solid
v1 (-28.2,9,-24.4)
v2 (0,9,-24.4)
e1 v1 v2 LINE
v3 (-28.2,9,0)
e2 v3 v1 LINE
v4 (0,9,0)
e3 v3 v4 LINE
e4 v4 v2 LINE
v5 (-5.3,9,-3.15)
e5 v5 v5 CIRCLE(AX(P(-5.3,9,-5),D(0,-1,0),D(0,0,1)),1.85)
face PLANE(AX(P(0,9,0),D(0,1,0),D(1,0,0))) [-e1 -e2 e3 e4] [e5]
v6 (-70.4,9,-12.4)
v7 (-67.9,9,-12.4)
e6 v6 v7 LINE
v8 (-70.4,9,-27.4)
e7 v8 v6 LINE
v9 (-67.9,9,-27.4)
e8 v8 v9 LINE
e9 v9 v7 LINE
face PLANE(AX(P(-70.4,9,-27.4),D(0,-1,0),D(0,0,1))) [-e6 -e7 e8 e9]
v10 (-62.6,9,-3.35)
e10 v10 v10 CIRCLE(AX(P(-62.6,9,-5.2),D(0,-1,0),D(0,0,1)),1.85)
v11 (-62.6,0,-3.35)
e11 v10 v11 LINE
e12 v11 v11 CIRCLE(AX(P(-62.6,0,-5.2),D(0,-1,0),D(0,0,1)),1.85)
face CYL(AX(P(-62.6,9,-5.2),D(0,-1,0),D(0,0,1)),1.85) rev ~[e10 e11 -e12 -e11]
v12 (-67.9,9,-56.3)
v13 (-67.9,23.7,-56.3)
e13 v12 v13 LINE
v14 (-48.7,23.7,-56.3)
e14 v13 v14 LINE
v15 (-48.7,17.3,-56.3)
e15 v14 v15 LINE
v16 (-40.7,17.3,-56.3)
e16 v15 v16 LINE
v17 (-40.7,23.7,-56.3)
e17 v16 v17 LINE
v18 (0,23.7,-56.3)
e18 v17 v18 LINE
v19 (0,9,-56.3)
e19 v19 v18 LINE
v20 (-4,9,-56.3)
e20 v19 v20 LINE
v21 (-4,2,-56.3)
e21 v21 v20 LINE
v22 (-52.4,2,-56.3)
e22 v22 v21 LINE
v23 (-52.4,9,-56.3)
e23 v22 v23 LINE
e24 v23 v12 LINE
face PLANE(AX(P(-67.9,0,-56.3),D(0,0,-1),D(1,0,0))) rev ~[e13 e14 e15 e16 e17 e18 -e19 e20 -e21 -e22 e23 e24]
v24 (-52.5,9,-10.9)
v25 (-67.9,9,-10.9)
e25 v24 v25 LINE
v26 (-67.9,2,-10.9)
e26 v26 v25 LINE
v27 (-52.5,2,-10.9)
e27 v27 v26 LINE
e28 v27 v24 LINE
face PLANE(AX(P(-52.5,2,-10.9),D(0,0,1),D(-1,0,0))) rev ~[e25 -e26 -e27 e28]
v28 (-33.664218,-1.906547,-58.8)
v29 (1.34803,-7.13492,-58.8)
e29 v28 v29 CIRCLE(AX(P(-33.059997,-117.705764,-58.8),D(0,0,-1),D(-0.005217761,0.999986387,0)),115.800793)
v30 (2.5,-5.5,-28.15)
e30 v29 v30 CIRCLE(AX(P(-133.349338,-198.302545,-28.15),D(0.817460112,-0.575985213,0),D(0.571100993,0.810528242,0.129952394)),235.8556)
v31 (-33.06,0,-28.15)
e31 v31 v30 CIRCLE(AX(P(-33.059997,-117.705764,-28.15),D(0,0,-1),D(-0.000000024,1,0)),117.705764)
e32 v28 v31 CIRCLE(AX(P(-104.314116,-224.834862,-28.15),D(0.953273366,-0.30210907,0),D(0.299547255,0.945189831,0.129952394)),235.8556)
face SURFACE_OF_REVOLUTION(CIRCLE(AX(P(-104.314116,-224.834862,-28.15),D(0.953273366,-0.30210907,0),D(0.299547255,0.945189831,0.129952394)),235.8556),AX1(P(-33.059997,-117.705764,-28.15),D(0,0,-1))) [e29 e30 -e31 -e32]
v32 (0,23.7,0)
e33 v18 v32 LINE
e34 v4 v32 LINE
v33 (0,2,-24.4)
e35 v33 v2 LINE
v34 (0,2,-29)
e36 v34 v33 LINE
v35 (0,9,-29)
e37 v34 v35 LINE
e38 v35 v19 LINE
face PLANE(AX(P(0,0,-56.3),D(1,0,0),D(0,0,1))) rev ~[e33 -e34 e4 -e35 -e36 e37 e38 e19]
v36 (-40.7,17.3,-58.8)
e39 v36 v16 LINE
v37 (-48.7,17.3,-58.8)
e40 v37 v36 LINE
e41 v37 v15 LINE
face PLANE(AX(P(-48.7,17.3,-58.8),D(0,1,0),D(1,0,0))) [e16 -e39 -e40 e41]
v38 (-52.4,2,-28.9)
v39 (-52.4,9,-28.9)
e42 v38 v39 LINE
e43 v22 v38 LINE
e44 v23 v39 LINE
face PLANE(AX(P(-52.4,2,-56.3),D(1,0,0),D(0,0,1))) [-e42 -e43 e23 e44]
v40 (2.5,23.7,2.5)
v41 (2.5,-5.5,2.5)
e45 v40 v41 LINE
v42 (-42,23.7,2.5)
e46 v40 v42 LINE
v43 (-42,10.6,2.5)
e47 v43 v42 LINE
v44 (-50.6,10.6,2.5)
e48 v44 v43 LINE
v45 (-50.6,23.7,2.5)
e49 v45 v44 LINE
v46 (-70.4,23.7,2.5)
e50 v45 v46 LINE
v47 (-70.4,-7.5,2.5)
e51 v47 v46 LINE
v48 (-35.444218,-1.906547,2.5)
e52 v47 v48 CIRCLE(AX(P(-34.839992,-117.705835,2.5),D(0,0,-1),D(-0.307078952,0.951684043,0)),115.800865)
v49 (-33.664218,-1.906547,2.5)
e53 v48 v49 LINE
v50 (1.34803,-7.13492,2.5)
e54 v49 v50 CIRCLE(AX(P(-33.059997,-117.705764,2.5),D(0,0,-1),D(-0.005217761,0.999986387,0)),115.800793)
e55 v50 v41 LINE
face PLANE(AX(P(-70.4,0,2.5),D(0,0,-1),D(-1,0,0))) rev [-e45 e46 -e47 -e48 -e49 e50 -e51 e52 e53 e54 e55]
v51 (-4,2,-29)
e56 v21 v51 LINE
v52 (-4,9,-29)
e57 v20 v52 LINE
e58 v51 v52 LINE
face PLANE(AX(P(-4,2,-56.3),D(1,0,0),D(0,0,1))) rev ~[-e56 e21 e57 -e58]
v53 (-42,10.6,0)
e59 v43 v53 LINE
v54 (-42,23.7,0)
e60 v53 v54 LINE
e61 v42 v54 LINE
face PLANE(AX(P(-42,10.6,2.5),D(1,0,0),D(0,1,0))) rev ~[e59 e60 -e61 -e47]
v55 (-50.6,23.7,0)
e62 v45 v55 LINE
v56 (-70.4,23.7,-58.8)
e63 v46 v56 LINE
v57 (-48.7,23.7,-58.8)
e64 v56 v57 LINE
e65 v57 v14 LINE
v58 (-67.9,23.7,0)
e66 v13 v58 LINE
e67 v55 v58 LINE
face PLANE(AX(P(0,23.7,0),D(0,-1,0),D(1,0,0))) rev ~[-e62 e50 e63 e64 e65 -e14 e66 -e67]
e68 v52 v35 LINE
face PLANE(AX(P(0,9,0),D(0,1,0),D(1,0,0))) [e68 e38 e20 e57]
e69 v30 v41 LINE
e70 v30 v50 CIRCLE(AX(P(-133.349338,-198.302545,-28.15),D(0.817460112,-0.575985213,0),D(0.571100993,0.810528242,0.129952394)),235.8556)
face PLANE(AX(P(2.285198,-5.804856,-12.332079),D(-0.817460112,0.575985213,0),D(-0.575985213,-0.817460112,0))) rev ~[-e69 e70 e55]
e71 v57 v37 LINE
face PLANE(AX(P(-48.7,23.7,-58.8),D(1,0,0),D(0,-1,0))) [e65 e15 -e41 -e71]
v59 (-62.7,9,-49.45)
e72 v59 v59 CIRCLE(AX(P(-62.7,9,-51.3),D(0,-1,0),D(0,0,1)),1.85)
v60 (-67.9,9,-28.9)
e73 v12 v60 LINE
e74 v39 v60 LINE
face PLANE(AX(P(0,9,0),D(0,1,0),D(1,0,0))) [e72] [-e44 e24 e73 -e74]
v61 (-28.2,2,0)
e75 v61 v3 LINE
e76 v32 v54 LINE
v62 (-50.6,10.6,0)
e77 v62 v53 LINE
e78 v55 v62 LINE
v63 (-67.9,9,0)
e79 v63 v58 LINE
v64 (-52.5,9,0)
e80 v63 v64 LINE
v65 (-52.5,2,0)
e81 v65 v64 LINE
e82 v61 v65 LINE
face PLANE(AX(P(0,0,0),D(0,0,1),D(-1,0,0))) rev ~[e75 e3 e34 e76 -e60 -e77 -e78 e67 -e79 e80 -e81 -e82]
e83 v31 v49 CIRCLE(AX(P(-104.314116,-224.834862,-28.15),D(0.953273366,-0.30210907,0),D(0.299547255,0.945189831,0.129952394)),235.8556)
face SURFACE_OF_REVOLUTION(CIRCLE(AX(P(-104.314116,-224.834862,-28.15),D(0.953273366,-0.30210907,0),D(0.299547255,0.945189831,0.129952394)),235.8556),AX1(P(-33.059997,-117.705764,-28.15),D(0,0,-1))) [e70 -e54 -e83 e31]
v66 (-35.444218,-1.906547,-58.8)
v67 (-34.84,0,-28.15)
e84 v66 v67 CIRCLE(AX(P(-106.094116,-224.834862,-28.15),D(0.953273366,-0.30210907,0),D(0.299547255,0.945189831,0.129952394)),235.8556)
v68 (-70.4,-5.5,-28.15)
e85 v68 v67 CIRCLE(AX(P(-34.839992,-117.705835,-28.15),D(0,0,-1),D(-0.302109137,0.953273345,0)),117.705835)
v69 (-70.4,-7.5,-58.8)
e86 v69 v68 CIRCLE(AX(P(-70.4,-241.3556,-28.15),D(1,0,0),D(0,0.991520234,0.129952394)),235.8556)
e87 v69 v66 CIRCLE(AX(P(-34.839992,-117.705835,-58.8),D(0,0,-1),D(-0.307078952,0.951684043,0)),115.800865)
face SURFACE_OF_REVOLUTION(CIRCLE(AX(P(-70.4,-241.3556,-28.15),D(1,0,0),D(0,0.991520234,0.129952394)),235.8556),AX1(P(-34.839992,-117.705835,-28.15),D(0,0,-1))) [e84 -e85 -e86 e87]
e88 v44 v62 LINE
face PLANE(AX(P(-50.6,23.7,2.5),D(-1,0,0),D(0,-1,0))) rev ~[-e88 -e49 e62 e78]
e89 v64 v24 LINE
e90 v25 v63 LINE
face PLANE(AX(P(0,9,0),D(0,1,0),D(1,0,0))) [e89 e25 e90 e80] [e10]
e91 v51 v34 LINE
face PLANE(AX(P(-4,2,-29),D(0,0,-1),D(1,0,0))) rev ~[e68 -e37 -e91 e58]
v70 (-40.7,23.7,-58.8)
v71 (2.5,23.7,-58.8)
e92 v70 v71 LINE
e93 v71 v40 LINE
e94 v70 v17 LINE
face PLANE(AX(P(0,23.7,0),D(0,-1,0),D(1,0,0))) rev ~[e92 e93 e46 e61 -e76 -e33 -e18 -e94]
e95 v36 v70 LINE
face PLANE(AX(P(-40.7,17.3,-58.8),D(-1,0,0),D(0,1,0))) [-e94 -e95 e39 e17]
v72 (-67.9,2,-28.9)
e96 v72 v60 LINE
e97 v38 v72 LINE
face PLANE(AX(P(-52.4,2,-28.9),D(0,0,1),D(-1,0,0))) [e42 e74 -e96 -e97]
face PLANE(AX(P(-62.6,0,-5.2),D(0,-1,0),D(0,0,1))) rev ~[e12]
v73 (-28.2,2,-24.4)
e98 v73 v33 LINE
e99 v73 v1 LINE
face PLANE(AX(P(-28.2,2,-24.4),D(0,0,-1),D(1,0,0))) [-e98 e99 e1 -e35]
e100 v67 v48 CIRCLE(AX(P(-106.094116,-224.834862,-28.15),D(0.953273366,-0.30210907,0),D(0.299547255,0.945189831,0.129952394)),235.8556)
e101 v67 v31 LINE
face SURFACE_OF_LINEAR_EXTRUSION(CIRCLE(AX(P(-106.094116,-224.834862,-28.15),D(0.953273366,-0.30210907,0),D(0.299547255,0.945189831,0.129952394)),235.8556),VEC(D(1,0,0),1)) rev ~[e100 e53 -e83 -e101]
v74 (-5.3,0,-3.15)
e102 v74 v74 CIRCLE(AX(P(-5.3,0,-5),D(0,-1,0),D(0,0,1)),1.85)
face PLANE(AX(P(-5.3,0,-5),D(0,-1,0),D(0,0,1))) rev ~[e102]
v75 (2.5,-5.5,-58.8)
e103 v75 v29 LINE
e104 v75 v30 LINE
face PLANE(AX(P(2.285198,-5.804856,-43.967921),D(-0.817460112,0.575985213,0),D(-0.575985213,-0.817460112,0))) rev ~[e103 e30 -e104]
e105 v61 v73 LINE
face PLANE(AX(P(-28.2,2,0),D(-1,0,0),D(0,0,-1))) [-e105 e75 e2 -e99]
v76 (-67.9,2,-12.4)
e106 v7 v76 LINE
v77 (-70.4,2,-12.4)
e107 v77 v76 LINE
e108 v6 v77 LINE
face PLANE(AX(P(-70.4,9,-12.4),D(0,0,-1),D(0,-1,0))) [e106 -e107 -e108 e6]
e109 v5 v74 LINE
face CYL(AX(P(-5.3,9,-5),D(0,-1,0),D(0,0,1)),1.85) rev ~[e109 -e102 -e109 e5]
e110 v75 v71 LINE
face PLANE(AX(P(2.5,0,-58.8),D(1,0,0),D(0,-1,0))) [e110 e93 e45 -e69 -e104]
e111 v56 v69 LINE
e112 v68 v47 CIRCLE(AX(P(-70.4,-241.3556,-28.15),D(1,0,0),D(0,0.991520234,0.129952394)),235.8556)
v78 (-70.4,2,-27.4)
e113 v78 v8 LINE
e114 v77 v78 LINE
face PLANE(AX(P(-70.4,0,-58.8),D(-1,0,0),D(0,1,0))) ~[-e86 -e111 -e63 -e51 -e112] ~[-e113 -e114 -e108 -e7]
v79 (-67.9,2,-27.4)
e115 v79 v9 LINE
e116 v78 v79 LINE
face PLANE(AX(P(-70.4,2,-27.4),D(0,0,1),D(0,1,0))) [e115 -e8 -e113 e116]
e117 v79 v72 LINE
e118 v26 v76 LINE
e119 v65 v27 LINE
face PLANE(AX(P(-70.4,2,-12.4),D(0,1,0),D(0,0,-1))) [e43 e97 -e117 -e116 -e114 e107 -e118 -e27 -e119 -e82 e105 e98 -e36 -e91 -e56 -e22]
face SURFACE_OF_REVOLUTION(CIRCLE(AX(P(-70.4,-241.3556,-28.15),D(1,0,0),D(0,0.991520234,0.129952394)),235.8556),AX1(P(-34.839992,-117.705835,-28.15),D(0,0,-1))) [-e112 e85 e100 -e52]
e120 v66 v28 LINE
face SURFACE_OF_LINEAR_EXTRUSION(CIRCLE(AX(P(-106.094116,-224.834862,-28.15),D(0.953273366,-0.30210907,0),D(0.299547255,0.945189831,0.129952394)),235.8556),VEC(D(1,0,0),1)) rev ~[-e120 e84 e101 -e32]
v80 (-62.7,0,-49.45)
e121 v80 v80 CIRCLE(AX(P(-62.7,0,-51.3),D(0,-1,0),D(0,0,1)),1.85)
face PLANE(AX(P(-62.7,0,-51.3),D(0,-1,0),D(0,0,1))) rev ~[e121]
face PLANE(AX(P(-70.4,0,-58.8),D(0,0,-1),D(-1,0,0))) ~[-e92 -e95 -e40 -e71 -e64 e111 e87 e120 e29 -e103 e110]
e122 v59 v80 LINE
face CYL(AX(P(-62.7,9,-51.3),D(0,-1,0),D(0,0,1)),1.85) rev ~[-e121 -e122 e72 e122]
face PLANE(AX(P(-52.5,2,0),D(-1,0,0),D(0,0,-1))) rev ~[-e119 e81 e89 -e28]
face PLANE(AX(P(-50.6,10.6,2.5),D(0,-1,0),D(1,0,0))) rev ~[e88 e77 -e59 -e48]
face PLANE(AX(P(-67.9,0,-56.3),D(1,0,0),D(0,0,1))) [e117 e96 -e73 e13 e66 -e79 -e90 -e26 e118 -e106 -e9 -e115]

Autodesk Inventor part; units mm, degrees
ref_plane "YZ Plane" through (0, 0, 0) normal (1, 0, 0) x (0, 1, 0)
ref_plane "XZ Plane" through (0, 0, 0) normal (0, 1, 0) x (-1, 0, 0)
sketch "Sketch1" plane through (0, 0, 0) normal (0, 1, 0) x (-1, 0, 0)
  line L0 (0, 0) -> (67.9, 0)
  line L1 (67.9, 0) -> (67.9, -56.3)
  line L2 (67.9, -56.3) -> (0, -56.3)
  line L3 (0, -56.3) -> (0, 0)
  dimension "d4" = 67.9
  dimension "d5" = 56.3
extrude "Extrusion1" add sketch "Sketch1" along normal blind 2
sketch "Sketch4" plane through (0, 0, 0) normal (0, -1, 0) x (1, 0, 0)
  line L0 (2.5, 2.5) -> (-70.4, 2.5)
  line L1 (-70.4, 2.5) -> (-70.4, -58.8)
  line L2 (-70.4, -58.8) -> (2.5, -58.8)
  line L3 (2.5, -58.8) -> (2.5, 2.5)
  line L4 (0, -56.3) -> (0, 0) projected
  line L5 (0, 0) -> (-67.9, 0) projected
  line L6 (-67.9, -56.3) -> (0, -56.3) projected
  line L7 (-67.9, -56.3) -> (-67.9, 0) projected
  line L8 (0, 0) -> (-67.9, 0)
  line L9 (-67.9, 0) -> (-67.9, -56.3)
  line L10 (-67.9, -56.3) -> (0, -56.3)
  line L11 (0, -56.3) -> (0, 0)
  point P0 (-67.7799, -40.4535)
  point P1 (-67.7799, -17.6706)
  dimension "d35" = 2.5
  dimension "d36" = 2.5
  dimension "d37" = 2.5
  dimension "d38" = 2.5
extrude "Extrusion3" add sketch "Sketch4" against normal blind 23.7
sketch "Sketch5" plane through (2.5, 0, -58.8) normal (0, 0, -1) x (-1, 0, 0)
  line L0 (0, 0) -> (0, -5.5)
  line L1 (0, 0) -> (35.56, 0)
  line L2 (0, 0) -> (72.9, 0) projected
  arc A0 (35.56, 0) -> (0, -5.5) centre (35.56, -117.7058) ccw
  line L3 (72.9, 0) -> (0, 0) projected
  point P0 (2.5, 0)
  dimension "d41" = 5.5
  dimension "d42" = 35.56
extrude "Extrusion4" add sketch "Sketch5" against normal up to surface (61.3 mm away)
ref_plane "Work Plane1" through (-33.95, 23.7, 2.5) normal (1, 0, 0) x (0, 0, -1)
mirror "Mirror1" about plane through (-33.95, 23.7, 2.5) normal (1, 0, 0) of "Extrusion4"
sketch "Sketch11" plane through (0, 2, 0) normal (0, 1, 0) x (1, 0, 0)
  line L0 (-67.9, 0) -> (0, 0) projected
  line L1 (0, 0) -> (0, 56.3) projected
  line L2 (0, 56.3) -> (-67.9, 56.3) projected
  line L3 (-67.9, 56.3) -> (-67.9, 0) projected
  line L4 (-67.9, 0) -> (-52.5, 0)
  line L5 (-52.5, 0) -> (-52.5, 10.9)
  line L6 (-52.5, 10.9) -> (-67.9, 10.9)
  line L7 (-67.9, 10.9) -> (-67.9, 0)
  line L8 (-67.9, 56.3) -> (-52.4, 56.3)
  line L9 (-52.4, 56.3) -> (-52.4, 28.9)
  line L10 (-52.4, 28.9) -> (-67.9, 28.9)
  line L11 (-67.9, 28.9) -> (-67.9, 56.3)
  line L12 (0, 0) -> (-28.2, 0)
  line L13 (-28.2, 0) -> (-28.2, 24.4)
  line L14 (-28.2, 24.4) -> (0, 24.4)
  line L15 (0, 24.4) -> (0, 0)
  line L16 (0, 0) -> (0, 56.3) projected
  line L17 (0, 56.3) -> (-4, 56.3)
  line L18 (-4, 56.3) -> (-4, 29)
  line L19 (-4, 29) -> (0, 29)
  line L20 (0, 29) -> (0, 56.3)
  dimension "d89" = 15.4
  dimension "d90" = 10.9
  dimension "d91" = 15.5
  dimension "d92" = 27.4
  dimension "d93" = 28.2
  dimension "d94" = 24.4
  dimension "d95" = 4
  dimension "d96" = 27.3
extrude "Extrusion7" add sketch "Sketch11" along normal blind 7 contours L3 L6 L5 L0 | L13 L14 L1 L0 | L3 L2 L9 L10 | L19 L18 L2 L1
sketch "Sketch12" plane through (0, 9, 0) normal (0, 1, 0) x (1, 0, 0)
  line L0 (0, 0) -> (-67.9, 0) projected
  line L1 (-67.9, 0) -> (-67.9, 56.3) projected
  line L2 (-67.9, 56.3) -> (0, 56.3) projected
  line L3 (0, 56.3) -> (0, 0) projected
  point P0 (-62.6, 5.2)
  point P1 (-5.3, 5)
  point P2 (-62.7, 51.3)
  dimension "d99" = 5.2
  dimension "d100" = 5.3
  dimension "d101" = 5.2
  dimension "d102" = 5
  dimension "d103" = 5
  dimension "d104" = 5.3
hole "Hole6" at (-62.6, 9, -5.2) at (-5.3, 9, -5) at (-62.7, 9, -51.3) direction (0, -1, 0) diameter 3.7 depth 9
sketch "Sketch13" plane through (-70.4, 0, 2.5) normal (0, 0, 1) x (1, 0, 0)
  line L0 (17.9, 9) -> (2.5, 9) projected
  line L1 (70.4, 9) -> (42.2, 9) projected
  line L2 (19.8, 10.6) -> (28.4, 10.6)
  line L3 (28.4, 10.6) -> (28.4, 23.7)
  line L4 (28.4, 23.7) -> (19.8, 23.7)
  line L5 (19.8, 23.7) -> (19.8, 10.6)
  line L6 (0, 23.7) -> (72.9, 23.7) projected
  point P0 (70.4, 0)
  point P1 (2.5, 23.7)
  dimension "d112" = 1.6
  dimension "d113" = 17.3
  dimension "d114" = 8.6
extrude "Extrusion8" cut sketch "Sketch13" against normal up to surface (2.5 mm away)
sketch "Sketch14" plane through (-70.4, 0, -58.8) normal (-1, 0, 0) x (0, 0, 1)
  line L0 (5.65, 9) -> (9.35, 9) projected
  line L1 (29.9, 9) -> (2.5, 9) projected
  line L2 (29.9, 9) -> (2.5, 9) projected
  line L3 (58.8, 9) -> (47.9, 9) projected
  line L4 (51.75, 9) -> (55.45, 9) projected
  line L5 (58.8, 9) -> (47.9, 9) projected
  line L6 (58.8, 9) -> (47.9, 9) projected
  line L7 (31.4, 9) -> (46.4, 9)
  line L8 (46.4, 9) -> (46.4, 2)
  line L9 (46.4, 2) -> (31.4, 2)
  line L10 (31.4, 2) -> (31.4, 9)
  point P0 (58.8, 0)
  dimension "d118" = 12.4
  dimension "d119" = 15
  dimension "d120" = 7
extrude "Extrusion9" cut sketch "Sketch14" against normal up to surface (2.5 mm away)
sketch "Sketch15" plane through (2.5, 0, -58.8) normal (0, 0, -1) x (-1, 0, 0)
  line L0 (63.35, 9) -> (67.05, 9) projected
  line L1 (70.4, 9) -> (54.9, 9) projected
  line L2 (70.4, 9) -> (54.9, 9) projected
  line L3 (6.5, 9) -> (2.5, 9) projected
  line L4 (6.5, 9) -> (2.5, 9) projected
  line L5 (51.2, 23.7) -> (51.2, 17.3)
  line L6 (51.2, 17.3) -> (43.2, 17.3)
  line L7 (43.2, 17.3) -> (43.2, 23.7)
  line L8 (37.34, 0) -> (35.56, 0) projected
  line L9 (72.9, 23.7) -> (72.9, -5.5) projected
  line L10 (0, 23.7) -> (72.9, 23.7) projected
  line L11 (0, 23.7) -> (0, -5.5) projected
  arc A0 (35.56, 0) -> (0, -5.5) centre (35.56, -117.7058) ccw projected
  arc A1 (72.9, -5.5) -> (37.34, 0) centre (37.34, -117.7058) ccw projected
  line L12 (54.9, 2) -> (70.4, 2) projected
  line L13 (70.4, 2) -> (55, 2) projected
  line L14 (55, 2) -> (30.7, 2) projected
  line L15 (30.7, 2) -> (2.5, 2) projected
  line L16 (2.5, 2) -> (6.5, 2) projected
  line L17 (6.5, 2) -> (54.9, 2) projected
  line L18 (72.9, 2) -> (70.4, 2) projected
  line L19 (72.9, 2) -> (70.4, 2) projected
  point P0 (2.5, 0)
  dimension "d124" = 40.7
  dimension "d126" = 8.3
  dimension "d127" = 8
extrude "Extrusion10" cut sketch "Sketch15" against normal up to surface (2.5 mm away) contours L5 L6 L7 L10
sketch "Sketch16" plane through (-70.4, 23.7, -58.8) normal (-1, 0, 0) x (0, 0, 1)
  line L0 (0, -23.7) -> (61.3, -23.7) projected
  line L1 (0, -29.2) -> (0, -23.7) projected
  line L2 (61.3, 0) -> (61.3, -29.2) projected
  line L3 (0, -29.2) -> (61.3, -29.2) projected
  arc A0 (61.3, -31.2) -> (0, -31.2) centre (30.65, -265.0556) ccw
  line L4 (0, -29.2) -> (61.3, -29.2) projected
  line L5 (0, -31.2) -> (0, -29.2)
  line L6 (61.3, -29.2) -> (61.3, -31.2)
  point P0 (58.8, -23.7)
  point P1 (30.65, -26.2)
  dimension "d134" = 2
  dimension "d136" = 2
sketch3d "3D Sketch1"
  arc A0 (-70.4, -5.5, -58.8) -> (-34.84, 0, -58.8) centre (-34.84, -117.7058, -58.8) ccw
  line L0 (-34.84, 0, -58.8) -> (-33.06, 0, -58.8)
  arc A1 (-33.06, 0, -58.8) -> (2.5, -5.5, -58.8) centre (-33.06, -117.7058, -58.8) ccw
sweep "Sweep1" add profiles "Sketch16" path "3D Sketch1" contours L3 A0 L5 | L6 A0 L3
properties part number "Base"
